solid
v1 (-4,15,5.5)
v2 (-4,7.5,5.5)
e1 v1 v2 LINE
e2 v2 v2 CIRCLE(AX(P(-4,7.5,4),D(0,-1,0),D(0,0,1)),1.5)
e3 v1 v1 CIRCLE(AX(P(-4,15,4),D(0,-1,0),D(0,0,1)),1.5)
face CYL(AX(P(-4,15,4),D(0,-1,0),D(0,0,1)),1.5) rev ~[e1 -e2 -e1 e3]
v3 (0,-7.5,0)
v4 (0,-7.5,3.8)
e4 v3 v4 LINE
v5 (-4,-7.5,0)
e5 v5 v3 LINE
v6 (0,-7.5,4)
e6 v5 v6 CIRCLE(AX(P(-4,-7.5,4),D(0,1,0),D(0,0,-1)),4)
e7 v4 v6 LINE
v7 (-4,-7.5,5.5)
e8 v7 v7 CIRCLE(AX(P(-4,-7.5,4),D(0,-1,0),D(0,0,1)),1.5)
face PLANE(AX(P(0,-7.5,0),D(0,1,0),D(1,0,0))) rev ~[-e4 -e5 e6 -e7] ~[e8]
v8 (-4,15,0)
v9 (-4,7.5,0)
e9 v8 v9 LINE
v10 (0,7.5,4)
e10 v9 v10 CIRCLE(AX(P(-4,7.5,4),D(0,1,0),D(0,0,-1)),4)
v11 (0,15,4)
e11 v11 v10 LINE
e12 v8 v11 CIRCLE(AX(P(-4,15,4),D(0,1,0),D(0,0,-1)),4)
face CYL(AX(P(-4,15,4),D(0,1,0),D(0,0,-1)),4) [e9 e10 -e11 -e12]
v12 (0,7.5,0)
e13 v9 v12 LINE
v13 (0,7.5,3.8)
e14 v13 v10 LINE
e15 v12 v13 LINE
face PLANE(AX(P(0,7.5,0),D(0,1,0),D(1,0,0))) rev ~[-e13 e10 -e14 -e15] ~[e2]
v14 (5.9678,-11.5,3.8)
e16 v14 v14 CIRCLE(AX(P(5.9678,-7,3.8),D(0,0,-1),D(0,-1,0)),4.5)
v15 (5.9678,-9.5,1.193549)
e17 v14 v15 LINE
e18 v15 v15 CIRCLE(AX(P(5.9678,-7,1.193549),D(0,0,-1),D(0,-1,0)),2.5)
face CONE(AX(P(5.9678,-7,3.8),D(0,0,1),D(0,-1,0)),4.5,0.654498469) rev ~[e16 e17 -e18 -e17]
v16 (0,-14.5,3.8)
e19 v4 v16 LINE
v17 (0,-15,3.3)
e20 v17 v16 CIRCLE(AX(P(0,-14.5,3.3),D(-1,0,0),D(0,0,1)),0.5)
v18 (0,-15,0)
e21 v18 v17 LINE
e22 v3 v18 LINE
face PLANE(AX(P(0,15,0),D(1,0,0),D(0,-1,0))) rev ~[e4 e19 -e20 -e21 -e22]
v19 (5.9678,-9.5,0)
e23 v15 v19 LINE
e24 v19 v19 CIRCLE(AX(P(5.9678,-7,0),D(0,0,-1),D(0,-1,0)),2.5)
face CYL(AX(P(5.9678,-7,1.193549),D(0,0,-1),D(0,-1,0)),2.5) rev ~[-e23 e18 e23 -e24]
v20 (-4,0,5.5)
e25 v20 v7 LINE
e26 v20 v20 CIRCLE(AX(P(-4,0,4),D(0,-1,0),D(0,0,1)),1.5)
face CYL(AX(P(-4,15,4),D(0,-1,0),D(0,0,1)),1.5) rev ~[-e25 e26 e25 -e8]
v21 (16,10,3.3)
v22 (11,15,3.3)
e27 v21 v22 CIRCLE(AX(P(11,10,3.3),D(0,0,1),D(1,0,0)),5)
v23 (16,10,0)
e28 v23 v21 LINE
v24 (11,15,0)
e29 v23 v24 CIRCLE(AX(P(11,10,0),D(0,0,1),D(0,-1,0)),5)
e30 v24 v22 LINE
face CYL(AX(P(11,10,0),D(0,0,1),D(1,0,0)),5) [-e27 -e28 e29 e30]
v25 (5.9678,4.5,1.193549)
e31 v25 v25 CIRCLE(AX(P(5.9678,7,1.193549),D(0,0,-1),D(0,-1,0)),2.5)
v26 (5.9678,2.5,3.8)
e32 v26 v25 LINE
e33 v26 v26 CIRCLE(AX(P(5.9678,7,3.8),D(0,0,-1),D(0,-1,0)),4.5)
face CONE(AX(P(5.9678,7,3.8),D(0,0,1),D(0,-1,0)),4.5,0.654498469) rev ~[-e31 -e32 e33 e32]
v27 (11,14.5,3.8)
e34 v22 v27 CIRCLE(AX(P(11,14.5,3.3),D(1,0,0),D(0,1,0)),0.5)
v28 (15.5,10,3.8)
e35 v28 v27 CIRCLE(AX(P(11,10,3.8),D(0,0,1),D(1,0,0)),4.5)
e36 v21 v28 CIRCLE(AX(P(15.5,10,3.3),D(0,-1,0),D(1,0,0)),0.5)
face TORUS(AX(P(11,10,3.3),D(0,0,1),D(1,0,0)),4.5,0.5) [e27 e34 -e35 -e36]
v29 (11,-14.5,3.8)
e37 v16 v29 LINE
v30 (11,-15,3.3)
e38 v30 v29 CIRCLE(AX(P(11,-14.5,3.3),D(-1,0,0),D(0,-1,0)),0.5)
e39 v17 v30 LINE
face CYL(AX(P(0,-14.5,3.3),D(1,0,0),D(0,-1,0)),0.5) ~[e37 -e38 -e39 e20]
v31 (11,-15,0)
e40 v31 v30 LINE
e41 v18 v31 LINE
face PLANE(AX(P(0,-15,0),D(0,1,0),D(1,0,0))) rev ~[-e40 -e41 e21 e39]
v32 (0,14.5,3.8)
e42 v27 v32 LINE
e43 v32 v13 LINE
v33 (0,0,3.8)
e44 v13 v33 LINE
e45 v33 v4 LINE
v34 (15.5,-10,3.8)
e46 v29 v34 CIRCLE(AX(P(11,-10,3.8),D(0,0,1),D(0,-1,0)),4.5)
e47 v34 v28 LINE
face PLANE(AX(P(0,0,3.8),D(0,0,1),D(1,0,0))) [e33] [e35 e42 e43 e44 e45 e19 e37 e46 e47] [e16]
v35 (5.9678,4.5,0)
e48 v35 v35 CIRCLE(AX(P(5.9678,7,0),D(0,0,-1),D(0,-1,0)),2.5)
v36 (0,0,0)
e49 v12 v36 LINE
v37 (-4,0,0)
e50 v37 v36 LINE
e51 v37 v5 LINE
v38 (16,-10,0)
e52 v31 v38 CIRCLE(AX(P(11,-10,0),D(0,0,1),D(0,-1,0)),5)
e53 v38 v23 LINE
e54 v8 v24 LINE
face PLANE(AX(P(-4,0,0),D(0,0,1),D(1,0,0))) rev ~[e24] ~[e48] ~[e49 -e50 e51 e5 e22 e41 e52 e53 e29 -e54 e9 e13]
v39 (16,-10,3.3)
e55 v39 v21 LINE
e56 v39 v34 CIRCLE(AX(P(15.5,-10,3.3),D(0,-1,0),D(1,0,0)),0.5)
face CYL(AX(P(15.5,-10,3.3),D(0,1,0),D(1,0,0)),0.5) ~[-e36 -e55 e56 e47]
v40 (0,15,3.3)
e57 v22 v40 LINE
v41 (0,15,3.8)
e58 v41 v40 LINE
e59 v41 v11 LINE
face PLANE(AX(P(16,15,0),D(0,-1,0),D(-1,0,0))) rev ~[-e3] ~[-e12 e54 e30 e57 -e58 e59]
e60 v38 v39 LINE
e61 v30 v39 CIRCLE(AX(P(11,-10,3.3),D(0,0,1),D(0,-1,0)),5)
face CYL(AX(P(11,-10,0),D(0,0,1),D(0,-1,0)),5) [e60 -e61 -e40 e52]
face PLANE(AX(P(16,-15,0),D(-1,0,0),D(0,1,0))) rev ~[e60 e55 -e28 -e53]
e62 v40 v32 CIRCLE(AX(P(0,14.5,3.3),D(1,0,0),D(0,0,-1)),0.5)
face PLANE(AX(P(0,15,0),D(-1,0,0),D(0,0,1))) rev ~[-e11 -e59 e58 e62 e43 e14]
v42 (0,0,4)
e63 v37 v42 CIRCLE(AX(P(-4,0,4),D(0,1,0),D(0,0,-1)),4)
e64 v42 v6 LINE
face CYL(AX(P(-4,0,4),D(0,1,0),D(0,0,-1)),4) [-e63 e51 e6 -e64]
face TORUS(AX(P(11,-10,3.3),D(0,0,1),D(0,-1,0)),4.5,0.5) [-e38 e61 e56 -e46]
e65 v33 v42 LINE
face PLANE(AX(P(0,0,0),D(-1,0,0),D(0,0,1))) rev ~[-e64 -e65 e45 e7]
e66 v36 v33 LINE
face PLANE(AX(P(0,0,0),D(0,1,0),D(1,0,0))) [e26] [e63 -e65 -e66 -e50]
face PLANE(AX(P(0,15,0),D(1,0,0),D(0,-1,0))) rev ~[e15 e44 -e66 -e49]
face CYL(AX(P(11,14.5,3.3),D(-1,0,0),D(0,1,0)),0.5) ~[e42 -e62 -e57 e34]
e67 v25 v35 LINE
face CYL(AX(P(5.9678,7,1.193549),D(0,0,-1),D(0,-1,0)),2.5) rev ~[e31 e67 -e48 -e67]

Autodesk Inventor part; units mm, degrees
ref_plane "YZ Plane" through (0, 0, 0) normal (1, 0, 0) x (0, 1, 0)
ref_plane "XZ Plane" through (0, 0, 0) normal (0, 1, 0) x (-1, 0, 0)
ref_plane "XY Plane" through (0, 0, 0) normal (0, 0, 1) x (1, 0, 0)
sketch "Esquisse7" plane through (0, 0, 0) normal (0, 0, 1) x (1, 0, 0)
  line L0 (0, -15) -> (16, -15)
  line L1 (16, -15) -> (16, 15)
  line L2 (16, 15) -> (0, 15)
  line L3 (0, 15) -> (0, -15)
  point P0 (0, 0)
  point P1 (0, 0)
  dimension "Largueur" = 16
  dimension "Hauteur" = 30
extrude "Extrusion4" add sketch "Esquisse7" along normal blind 3.8
sketch "Esquisse9" plane through (0, 15, 0) normal (0, 1, 0) x (1, 0, 0)
  arc A0 (-4, 0) -> (0, -4) centre (-4, -4) ccw
  line L0 (0, 0) -> (0, -3.8) construction
  line L1 (16, 0) -> (0, 0) construction
  line L2 (-4, 0) -> (0, 0)
  line L3 (0, 0) -> (0, -4)
  dimension "d41" = 8
extrude "Extrusion6" add sketch "Esquisse9" against normal blind 7.5
pattern_linear "Réseau rectangulaire3" count 2 spacing 15 along (0, -1, 0) of "Extrusion6"
sketch "Esquisse10" plane through (16, 15, 3.8) normal (0, 1, 0) x (1, 0, 0)
  arc A0 (-20, 3.8) -> (-16, -0.2) centre (-20, -0.2) ccw construction
  point P0 (-16, 3.8)
  point P1 (-16.0515, -0.84)
hole "Perçage2" at (-4, 15, 4) direction (0, -1, 0) diameter 3 end through all
fillet "Congé4" radius 5 2 edges at (16, 15, 1.9) (16, -15, 1.9)
sketch "Esquisse11" plane through (0, 0, 3.8) normal (0, 0, 1) x (1, 0, 0)
  line L0 (11, 15) -> (0, 15) construction
  point P0 (0, 0)
  point P1 (5.9678, 7)
  point P2 (5.9678, -7)
  point P3 (0.9356, 15)
  point P4 (5.9678, 15)
  dimension "d56" = 14
  dimension "d57" = 7
hole "Perçage3" at (5.9678, 7, 3.8) at (5.9678, -7, 3.8) direction (0, 0, -1) diameter 5 end through all countersink diameter 9 countersink angle 75
fillet "Congé5" radius 0.5 5 edges at (14.5355, 13.5355, 3.8) (16, 0, 3.8) (14.5355, -13.5355, 3.8) (5.5, -15, 3.8) (5.5, 15, 3.8)
equation "\"d42\" = 0.25 * Hauteur"
equation "\"d47\" = 0.5 * Hauteur"
equation "\"d57\" = 0.5 * d56"
equation "\"pi\" = 3.141593"
equation "\"nombredor\" = 1.61803"
properties part number "Charnière A" material "Plastique ABS"
